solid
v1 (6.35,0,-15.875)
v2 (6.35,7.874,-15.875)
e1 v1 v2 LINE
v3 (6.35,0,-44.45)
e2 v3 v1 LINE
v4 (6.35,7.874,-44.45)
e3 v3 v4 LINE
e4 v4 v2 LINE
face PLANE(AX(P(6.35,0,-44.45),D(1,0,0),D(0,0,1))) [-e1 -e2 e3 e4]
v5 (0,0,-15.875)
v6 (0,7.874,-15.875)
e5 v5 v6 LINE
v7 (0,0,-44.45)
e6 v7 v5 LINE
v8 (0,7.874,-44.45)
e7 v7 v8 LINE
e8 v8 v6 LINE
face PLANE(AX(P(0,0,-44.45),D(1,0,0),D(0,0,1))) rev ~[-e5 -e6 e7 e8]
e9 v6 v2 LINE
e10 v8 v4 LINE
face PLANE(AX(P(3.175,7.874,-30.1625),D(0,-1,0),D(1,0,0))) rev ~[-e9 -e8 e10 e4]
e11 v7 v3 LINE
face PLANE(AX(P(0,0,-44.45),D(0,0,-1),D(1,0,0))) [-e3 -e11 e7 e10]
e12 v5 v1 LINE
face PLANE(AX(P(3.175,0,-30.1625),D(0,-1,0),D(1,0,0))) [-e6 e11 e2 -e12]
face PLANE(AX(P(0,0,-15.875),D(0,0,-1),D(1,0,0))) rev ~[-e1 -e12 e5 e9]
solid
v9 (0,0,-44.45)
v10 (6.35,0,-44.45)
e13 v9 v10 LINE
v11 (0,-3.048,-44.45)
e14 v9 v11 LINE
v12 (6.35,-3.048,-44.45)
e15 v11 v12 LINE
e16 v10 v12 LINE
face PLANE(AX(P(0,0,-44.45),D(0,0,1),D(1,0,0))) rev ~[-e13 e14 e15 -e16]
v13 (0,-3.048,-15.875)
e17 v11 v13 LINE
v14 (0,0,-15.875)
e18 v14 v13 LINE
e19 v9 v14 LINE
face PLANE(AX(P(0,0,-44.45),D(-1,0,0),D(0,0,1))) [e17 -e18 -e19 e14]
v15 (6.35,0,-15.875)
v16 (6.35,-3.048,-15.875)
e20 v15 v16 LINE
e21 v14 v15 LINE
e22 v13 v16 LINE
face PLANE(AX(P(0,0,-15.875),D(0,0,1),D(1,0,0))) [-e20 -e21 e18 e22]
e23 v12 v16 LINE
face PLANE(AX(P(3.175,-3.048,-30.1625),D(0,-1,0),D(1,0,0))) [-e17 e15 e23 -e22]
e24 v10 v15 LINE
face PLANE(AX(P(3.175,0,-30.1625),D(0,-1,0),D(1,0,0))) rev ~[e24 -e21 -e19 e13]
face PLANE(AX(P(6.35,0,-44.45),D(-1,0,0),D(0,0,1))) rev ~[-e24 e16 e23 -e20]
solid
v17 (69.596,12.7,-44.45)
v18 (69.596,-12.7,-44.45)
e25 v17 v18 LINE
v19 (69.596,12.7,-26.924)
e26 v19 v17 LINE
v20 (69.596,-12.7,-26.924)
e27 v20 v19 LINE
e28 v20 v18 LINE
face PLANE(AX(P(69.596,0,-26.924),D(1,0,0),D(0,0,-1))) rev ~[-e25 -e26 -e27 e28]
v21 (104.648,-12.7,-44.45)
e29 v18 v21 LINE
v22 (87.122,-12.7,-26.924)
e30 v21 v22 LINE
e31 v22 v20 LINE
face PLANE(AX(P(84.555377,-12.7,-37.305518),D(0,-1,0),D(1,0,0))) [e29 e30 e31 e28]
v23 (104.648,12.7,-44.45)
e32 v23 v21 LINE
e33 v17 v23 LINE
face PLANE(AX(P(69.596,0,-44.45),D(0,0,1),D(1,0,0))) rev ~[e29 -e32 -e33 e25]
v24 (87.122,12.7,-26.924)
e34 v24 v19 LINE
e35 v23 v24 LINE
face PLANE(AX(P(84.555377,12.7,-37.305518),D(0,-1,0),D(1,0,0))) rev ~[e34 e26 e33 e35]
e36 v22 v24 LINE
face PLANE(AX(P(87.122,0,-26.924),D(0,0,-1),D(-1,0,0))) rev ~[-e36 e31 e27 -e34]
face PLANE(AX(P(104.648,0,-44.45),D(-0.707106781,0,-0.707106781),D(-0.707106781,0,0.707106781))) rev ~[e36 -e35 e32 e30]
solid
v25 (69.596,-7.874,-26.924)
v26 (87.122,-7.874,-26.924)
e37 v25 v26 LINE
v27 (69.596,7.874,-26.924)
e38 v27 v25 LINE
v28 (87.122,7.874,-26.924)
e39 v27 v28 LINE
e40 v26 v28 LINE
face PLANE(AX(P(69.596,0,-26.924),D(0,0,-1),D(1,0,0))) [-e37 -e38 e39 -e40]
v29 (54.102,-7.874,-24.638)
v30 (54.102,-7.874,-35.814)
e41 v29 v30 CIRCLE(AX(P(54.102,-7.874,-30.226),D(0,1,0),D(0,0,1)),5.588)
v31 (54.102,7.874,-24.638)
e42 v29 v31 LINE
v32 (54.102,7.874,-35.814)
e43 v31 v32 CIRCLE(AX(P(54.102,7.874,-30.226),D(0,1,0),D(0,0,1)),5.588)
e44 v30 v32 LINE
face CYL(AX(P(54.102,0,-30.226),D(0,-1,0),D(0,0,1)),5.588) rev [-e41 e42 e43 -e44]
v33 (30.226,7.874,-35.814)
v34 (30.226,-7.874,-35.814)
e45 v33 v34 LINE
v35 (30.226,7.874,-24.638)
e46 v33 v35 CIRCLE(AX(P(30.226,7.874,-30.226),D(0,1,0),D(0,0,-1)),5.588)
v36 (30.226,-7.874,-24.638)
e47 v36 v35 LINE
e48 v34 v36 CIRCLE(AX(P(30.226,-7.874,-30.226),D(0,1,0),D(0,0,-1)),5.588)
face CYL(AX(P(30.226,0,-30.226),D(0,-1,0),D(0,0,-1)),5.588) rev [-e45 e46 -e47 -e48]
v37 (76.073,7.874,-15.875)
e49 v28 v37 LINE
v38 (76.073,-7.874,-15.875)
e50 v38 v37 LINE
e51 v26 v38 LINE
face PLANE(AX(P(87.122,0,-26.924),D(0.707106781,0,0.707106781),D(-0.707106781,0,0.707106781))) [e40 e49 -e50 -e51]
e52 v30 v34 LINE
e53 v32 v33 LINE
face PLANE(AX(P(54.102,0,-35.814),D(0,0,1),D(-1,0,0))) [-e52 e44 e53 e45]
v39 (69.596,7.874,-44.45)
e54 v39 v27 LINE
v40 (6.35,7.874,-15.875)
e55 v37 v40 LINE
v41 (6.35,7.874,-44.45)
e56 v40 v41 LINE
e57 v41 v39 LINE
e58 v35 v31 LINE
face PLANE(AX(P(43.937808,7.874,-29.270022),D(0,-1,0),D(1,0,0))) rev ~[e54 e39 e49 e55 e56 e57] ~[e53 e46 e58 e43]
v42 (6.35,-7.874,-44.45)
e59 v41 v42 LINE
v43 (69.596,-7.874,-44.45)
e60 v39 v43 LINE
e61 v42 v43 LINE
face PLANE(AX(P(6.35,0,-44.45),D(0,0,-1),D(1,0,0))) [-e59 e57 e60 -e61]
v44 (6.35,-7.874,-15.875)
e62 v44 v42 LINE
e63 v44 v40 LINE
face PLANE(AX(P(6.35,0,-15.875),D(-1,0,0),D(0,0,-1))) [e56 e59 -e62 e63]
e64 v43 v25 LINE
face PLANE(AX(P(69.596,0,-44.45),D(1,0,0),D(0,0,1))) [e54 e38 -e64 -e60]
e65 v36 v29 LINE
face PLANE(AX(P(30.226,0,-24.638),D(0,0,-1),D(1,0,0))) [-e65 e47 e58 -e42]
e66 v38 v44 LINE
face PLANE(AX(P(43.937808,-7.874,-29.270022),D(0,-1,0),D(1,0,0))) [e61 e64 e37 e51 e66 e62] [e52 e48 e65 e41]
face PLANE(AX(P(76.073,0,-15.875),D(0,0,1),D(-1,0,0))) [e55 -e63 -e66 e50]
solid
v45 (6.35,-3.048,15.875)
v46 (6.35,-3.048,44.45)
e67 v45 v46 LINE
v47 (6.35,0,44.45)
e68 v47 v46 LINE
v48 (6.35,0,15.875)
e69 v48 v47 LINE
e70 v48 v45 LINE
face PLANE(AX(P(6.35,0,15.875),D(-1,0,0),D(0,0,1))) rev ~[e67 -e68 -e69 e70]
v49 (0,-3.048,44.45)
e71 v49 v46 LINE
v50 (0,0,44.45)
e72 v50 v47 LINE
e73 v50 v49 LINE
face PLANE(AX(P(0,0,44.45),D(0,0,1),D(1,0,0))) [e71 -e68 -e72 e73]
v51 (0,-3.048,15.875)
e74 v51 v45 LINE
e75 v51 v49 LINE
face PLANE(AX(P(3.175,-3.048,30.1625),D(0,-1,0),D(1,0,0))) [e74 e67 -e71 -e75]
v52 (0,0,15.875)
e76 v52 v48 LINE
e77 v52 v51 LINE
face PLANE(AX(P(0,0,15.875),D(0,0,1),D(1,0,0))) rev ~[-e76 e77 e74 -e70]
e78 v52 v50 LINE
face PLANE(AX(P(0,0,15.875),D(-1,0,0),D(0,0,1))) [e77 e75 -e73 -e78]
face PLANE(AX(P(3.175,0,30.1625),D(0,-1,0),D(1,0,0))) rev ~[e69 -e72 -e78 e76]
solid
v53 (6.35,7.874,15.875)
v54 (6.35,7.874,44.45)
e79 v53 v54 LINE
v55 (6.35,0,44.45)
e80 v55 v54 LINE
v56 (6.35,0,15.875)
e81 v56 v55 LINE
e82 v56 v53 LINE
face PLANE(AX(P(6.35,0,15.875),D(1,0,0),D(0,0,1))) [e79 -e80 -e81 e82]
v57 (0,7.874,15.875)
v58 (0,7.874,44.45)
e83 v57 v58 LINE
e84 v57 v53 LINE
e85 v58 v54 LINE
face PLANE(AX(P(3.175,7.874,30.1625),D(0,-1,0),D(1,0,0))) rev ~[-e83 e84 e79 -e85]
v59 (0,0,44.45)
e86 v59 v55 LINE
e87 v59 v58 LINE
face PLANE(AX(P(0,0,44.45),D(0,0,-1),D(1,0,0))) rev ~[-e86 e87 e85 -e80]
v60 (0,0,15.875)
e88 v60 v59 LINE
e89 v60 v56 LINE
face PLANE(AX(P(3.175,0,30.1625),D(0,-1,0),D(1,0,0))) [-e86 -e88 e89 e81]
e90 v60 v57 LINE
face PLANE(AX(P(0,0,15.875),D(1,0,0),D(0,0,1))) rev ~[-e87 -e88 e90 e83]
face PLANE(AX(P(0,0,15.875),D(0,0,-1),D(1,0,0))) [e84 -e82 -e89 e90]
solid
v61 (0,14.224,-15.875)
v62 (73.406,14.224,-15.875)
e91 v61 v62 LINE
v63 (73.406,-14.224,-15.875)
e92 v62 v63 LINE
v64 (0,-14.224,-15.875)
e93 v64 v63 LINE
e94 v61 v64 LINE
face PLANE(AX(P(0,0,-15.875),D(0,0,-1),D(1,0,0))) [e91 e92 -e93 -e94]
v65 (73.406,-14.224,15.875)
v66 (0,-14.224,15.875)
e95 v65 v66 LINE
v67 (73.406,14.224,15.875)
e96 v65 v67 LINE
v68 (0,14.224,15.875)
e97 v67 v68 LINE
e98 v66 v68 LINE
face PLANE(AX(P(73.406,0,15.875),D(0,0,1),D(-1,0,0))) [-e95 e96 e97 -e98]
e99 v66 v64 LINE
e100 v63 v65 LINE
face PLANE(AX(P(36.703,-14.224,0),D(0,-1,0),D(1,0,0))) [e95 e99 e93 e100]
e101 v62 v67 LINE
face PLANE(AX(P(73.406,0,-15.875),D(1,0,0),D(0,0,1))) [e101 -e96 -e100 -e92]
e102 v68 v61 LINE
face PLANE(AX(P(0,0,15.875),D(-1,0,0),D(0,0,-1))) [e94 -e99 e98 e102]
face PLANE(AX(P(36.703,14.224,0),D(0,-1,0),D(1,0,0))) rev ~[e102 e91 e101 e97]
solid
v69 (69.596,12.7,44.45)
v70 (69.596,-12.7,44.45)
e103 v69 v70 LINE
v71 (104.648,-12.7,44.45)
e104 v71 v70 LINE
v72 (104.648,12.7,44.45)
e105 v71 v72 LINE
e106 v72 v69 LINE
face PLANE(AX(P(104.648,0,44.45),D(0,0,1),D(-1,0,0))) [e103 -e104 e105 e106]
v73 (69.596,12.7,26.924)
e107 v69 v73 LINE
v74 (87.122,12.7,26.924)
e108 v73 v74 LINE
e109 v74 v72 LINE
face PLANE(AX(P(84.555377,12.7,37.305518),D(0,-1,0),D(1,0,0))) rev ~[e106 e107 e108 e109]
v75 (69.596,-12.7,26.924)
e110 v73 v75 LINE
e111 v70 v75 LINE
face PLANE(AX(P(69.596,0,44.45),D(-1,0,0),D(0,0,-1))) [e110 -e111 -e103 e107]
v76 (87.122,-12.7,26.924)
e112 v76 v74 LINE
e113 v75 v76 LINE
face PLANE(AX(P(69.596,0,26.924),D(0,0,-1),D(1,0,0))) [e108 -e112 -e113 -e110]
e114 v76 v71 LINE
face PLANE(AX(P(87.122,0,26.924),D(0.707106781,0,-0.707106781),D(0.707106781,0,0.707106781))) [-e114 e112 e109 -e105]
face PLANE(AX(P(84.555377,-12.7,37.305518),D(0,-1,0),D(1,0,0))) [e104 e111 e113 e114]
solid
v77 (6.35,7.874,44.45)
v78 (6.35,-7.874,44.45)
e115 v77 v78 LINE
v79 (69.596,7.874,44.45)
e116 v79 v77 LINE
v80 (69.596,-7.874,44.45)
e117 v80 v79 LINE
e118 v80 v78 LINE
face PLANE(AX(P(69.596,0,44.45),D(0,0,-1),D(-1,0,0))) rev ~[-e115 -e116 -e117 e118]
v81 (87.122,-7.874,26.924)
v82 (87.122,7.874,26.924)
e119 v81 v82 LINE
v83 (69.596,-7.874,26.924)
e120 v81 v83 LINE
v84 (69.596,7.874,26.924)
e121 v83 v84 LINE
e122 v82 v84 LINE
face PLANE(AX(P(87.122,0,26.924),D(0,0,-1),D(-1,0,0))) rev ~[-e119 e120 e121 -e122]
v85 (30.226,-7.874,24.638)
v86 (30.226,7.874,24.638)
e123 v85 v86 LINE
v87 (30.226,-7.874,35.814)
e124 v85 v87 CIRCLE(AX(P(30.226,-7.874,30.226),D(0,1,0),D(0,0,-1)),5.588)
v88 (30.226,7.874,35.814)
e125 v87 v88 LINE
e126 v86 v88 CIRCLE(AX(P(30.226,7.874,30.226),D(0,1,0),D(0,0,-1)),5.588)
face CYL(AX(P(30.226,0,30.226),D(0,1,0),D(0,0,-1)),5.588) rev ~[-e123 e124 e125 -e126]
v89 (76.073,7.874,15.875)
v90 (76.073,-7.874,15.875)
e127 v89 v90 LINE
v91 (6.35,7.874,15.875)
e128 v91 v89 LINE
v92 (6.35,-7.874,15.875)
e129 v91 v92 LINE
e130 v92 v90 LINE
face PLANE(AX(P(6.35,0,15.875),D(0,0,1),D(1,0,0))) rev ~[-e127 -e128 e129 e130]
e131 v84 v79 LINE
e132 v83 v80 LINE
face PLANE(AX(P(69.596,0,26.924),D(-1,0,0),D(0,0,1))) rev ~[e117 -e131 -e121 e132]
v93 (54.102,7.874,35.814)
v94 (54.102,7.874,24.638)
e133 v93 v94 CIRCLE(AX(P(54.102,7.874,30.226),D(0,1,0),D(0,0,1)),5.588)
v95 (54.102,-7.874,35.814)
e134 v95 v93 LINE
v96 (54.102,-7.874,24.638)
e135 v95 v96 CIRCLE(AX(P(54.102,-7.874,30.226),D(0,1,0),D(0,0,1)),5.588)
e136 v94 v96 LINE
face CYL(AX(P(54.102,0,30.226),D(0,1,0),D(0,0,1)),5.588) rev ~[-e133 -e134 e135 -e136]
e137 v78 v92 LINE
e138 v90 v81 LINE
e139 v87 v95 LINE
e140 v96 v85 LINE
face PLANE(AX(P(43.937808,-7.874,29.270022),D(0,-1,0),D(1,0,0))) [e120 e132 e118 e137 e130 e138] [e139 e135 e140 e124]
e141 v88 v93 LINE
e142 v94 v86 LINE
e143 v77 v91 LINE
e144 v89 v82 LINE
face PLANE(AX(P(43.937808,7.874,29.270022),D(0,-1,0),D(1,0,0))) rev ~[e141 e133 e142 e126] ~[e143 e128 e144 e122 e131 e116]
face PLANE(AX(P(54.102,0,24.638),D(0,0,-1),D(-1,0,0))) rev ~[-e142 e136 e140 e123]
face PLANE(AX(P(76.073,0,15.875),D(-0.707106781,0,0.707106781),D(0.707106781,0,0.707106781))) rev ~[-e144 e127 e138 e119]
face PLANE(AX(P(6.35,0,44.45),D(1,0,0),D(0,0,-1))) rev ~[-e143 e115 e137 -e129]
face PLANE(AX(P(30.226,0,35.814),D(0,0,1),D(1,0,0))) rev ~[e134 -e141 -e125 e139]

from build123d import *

# Parameters (mm, degrees)
F1_DEPTH = 14.224
F2_DEPTH = 12.7
F3_DEPTH = 7.874
F0_W     = 6.35
F0_H     = 28.575
F4_DEPTH = 3.048
F5_DEPTH = 7.874


with BuildPart() as f1:
    # F0 (on Front) → F1 (new body, symmetric)
    with BuildSketch(Plane.XZ):
        Polygon((6.35, 15.875), (0, 15.875), (0, 0), (0, -15.875), (6.35, -15.875), (73.406, -15.875), (73.406, 0), (73.406, 15.875), align=None)
    extrude(amount=F1_DEPTH, both=True)


with BuildPart() as f2:
    # F0 (on Front) → F2 (new body, symmetric)
    with BuildSketch(Plane.XZ):
        Polygon((69.596, -26.924), (69.596, -44.45), (104.648, -44.45), (87.122, -26.924), align=None)
        Polygon((104.648, 44.45), (69.596, 44.45), (69.596, 26.924), (87.122, 26.924), align=None)
    extrude(amount=F2_DEPTH, both=True)


with BuildPart() as f3:
    # F0 (on Front) → F3 (new body, symmetric)
    with BuildSketch(Plane.XZ):
        Polygon((69.596, 44.45), (6.35, 44.45), (6.35, 15.875), (73.406, 15.875), (76.073, 15.875), (87.122, 26.924), (69.596, 26.924), align=None)
        with BuildLine():
            Line((54.102, 24.638), (30.226, 24.638))
            ThreePointArc((30.226, 24.638), (24.638, 30.226), (30.226, 35.814))
            Line((30.226, 35.814), (54.102, 35.814))
            ThreePointArc((54.102, 35.814), (59.69, 30.226), (54.102, 24.638))
        make_face(mode=Mode.SUBTRACT)
        Polygon((73.406, -15.875), (6.35, -15.875), (6.35, -44.45), (69.596, -44.45), (69.596, -26.924), (87.122, -26.924), (76.073, -15.875), align=None)
        with BuildLine():
            ThreePointArc((30.226, -35.814), (24.638, -30.226), (30.226, -24.638))
            Line((30.226, -24.638), (54.102, -24.638))
            ThreePointArc((54.102, -24.638), (59.69, -30.226), (54.102, -35.814))
            Line((54.102, -35.814), (30.226, -35.814))
        make_face(mode=Mode.SUBTRACT)
    extrude(amount=F3_DEPTH, both=True)


with BuildPart() as f4:
    # F0 (on Front) → F4 (new body)
    with BuildSketch(Plane.XZ):
        with Locations((3.175, 30.1625)):
            Rectangle(F0_W, F0_H)
        with Locations((3.175, -30.1625)):
            Rectangle(F0_W, F0_H)
    extrude(amount=F4_DEPTH)


with BuildPart() as f5:
    # F0 (on Front) → F5 (new body)
    with BuildSketch(Plane.XZ):
        with Locations((3.175, -30.1625)):
            Rectangle(F0_W, F0_H)
        with Locations((3.175, 30.1625)):
            Rectangle(F0_W, F0_H)
    extrude(amount=-F5_DEPTH)


solid = Compound([f1.part, f2.part, f3.part, f4.part, f5.part])
